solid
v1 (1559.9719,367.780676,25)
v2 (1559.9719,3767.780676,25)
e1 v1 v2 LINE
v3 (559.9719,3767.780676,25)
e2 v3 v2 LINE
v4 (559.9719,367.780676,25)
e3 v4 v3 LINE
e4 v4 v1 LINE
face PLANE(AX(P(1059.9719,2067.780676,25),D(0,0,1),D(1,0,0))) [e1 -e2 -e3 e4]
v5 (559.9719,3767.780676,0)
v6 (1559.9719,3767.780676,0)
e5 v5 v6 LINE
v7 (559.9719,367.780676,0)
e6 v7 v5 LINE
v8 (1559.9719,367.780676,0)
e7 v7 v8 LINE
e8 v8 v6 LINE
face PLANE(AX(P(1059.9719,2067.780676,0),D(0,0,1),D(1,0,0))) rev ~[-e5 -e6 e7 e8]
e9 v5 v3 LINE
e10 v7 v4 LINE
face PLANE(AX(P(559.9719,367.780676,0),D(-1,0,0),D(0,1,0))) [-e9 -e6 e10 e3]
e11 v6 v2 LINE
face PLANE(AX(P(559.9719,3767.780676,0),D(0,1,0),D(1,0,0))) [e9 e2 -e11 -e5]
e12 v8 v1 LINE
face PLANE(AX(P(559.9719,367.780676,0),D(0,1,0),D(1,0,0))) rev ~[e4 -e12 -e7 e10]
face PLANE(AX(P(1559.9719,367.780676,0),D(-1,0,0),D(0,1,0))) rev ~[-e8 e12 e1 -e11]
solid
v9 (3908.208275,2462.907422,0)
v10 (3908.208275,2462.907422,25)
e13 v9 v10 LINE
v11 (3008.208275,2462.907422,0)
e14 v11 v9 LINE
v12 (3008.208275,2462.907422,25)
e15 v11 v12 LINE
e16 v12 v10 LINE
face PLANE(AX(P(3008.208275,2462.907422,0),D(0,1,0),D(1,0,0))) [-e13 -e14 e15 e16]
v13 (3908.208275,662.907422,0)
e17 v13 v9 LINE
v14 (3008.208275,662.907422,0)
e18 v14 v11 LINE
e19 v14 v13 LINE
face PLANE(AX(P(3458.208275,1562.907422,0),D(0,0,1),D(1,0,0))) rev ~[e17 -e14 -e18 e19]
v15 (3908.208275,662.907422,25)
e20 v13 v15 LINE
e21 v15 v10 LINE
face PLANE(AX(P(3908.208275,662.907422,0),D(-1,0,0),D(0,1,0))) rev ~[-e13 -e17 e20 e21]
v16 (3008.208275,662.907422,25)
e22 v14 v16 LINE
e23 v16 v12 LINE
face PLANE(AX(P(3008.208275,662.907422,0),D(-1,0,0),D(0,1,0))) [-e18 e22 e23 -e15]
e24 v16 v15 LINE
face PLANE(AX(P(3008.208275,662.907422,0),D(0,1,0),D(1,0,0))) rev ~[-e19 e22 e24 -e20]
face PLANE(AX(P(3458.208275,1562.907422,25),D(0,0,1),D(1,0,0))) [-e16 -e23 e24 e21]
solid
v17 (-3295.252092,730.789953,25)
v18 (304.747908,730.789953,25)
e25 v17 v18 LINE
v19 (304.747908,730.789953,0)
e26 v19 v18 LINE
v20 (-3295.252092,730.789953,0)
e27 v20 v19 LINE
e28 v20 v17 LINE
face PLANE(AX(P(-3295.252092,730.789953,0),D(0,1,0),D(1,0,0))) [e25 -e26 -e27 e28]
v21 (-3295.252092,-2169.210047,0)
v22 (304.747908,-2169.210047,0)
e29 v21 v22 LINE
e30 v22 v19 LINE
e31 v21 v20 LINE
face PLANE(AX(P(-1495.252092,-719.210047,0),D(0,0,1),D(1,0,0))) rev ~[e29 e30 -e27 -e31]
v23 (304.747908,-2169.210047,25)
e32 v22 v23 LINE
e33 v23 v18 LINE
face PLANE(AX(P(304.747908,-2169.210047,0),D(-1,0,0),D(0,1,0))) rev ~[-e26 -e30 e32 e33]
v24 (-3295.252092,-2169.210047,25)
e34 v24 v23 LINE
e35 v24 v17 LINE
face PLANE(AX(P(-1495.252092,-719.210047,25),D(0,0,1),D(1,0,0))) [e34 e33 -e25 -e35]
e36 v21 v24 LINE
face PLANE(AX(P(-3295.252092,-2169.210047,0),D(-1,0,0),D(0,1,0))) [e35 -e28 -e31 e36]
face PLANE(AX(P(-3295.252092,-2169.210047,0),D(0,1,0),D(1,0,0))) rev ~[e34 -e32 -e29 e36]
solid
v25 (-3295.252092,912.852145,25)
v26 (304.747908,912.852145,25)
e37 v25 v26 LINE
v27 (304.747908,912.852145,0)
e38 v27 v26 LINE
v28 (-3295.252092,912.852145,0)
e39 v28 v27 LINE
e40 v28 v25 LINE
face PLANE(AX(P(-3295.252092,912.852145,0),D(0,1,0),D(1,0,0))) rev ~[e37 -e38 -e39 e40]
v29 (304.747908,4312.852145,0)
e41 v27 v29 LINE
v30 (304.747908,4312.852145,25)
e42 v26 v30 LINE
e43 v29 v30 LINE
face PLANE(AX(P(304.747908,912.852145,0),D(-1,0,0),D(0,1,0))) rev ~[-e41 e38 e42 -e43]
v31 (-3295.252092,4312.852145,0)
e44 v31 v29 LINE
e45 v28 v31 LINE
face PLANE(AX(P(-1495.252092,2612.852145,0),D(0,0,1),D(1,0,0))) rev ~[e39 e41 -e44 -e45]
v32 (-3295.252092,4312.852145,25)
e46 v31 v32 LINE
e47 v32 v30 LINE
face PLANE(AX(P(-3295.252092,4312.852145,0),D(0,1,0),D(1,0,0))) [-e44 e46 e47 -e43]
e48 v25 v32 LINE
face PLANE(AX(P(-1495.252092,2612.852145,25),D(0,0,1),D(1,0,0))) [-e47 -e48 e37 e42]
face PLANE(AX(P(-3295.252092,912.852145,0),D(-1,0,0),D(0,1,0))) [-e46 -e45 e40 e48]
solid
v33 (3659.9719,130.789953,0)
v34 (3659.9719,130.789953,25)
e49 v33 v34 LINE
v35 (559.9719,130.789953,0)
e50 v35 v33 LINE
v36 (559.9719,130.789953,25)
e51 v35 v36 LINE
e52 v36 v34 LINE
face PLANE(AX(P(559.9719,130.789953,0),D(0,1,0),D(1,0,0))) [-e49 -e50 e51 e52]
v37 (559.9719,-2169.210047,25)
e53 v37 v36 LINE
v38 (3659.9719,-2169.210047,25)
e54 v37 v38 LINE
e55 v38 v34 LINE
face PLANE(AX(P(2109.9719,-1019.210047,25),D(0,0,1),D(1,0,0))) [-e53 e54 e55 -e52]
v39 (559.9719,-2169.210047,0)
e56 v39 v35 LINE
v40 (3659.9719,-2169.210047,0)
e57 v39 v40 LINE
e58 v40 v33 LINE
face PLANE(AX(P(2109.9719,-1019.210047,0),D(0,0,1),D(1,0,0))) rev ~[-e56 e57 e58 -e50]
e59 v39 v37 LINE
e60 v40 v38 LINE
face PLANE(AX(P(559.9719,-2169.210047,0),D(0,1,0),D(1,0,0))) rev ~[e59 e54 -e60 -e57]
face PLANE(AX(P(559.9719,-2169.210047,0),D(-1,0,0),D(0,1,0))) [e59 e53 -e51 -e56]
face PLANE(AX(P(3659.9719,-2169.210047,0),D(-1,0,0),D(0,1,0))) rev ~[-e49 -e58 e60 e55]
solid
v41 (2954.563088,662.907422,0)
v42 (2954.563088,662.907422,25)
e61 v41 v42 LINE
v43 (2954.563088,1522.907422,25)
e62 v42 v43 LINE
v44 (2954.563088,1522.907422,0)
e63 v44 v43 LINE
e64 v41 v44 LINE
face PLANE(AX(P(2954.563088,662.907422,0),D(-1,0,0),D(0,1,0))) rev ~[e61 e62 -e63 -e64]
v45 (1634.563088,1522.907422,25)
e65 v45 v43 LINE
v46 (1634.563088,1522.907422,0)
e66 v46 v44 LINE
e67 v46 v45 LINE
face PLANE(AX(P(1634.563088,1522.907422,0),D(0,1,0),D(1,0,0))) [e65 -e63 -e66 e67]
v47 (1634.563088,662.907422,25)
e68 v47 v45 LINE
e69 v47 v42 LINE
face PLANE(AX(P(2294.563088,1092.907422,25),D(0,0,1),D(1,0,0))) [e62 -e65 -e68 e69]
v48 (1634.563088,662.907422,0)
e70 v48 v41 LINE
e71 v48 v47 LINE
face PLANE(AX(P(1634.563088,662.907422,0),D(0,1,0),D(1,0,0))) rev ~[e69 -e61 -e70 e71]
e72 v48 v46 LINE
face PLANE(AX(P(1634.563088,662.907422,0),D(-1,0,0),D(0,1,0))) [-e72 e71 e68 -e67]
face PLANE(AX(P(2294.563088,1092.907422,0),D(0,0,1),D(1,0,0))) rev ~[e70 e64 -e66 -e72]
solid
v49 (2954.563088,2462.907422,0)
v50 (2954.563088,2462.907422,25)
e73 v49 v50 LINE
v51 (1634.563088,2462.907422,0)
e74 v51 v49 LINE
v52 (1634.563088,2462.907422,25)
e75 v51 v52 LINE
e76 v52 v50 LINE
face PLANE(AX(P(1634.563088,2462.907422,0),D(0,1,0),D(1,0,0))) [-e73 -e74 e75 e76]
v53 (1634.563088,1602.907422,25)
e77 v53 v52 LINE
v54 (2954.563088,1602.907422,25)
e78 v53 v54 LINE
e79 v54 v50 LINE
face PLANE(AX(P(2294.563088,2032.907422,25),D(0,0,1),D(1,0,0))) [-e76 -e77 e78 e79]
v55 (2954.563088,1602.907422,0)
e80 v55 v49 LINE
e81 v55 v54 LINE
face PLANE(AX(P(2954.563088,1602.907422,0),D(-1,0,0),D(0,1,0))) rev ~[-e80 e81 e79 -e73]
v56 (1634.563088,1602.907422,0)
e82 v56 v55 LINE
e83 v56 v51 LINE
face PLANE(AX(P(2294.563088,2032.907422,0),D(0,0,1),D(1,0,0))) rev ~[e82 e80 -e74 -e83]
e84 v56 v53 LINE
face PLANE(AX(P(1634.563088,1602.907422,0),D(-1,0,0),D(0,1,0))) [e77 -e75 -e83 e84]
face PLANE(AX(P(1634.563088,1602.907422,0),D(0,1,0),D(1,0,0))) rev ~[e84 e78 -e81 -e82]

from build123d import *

# Parameters (mm, degrees)
F0_W     = 3600
F0_H     = 3400
F0_H_2   = 2900
F0_W_2   = 1000
F0_W_3   = 3100
F0_H_3   = 2300
F0_W_4   = 1320
F0_H_4   = 860
F0_W_5   = 900
F0_H_5   = 1800
F1_DEPTH = 25


with BuildPart() as f1:
    # F0 (on Top) → F1 (new body)
    with BuildSketch(Plane.XY):
        with Locations((-1495.252092, 2612.852145)):
            Rectangle(F0_W, F0_H)
        with Locations((-1495.252092, -719.210047)):
            Rectangle(F0_W, F0_H_2)
        with Locations((1059.9719, 2067.780676)):
            Rectangle(F0_W_2, F0_H)
        with Locations((2109.9719, -1019.210047)):
            Rectangle(F0_W_3, F0_H_3)
        with Locations((2294.563088, 2032.907422)):
            Rectangle(F0_W_4, F0_H_4)
        with Locations((2294.563088, 1092.907422)):
            Rectangle(F0_W_4, F0_H_4)
        with Locations((3458.208275, 1562.907422)):
            Rectangle(F0_W_5, F0_H_5)
    extrude(amount=F1_DEPTH)


solid = f1.part
